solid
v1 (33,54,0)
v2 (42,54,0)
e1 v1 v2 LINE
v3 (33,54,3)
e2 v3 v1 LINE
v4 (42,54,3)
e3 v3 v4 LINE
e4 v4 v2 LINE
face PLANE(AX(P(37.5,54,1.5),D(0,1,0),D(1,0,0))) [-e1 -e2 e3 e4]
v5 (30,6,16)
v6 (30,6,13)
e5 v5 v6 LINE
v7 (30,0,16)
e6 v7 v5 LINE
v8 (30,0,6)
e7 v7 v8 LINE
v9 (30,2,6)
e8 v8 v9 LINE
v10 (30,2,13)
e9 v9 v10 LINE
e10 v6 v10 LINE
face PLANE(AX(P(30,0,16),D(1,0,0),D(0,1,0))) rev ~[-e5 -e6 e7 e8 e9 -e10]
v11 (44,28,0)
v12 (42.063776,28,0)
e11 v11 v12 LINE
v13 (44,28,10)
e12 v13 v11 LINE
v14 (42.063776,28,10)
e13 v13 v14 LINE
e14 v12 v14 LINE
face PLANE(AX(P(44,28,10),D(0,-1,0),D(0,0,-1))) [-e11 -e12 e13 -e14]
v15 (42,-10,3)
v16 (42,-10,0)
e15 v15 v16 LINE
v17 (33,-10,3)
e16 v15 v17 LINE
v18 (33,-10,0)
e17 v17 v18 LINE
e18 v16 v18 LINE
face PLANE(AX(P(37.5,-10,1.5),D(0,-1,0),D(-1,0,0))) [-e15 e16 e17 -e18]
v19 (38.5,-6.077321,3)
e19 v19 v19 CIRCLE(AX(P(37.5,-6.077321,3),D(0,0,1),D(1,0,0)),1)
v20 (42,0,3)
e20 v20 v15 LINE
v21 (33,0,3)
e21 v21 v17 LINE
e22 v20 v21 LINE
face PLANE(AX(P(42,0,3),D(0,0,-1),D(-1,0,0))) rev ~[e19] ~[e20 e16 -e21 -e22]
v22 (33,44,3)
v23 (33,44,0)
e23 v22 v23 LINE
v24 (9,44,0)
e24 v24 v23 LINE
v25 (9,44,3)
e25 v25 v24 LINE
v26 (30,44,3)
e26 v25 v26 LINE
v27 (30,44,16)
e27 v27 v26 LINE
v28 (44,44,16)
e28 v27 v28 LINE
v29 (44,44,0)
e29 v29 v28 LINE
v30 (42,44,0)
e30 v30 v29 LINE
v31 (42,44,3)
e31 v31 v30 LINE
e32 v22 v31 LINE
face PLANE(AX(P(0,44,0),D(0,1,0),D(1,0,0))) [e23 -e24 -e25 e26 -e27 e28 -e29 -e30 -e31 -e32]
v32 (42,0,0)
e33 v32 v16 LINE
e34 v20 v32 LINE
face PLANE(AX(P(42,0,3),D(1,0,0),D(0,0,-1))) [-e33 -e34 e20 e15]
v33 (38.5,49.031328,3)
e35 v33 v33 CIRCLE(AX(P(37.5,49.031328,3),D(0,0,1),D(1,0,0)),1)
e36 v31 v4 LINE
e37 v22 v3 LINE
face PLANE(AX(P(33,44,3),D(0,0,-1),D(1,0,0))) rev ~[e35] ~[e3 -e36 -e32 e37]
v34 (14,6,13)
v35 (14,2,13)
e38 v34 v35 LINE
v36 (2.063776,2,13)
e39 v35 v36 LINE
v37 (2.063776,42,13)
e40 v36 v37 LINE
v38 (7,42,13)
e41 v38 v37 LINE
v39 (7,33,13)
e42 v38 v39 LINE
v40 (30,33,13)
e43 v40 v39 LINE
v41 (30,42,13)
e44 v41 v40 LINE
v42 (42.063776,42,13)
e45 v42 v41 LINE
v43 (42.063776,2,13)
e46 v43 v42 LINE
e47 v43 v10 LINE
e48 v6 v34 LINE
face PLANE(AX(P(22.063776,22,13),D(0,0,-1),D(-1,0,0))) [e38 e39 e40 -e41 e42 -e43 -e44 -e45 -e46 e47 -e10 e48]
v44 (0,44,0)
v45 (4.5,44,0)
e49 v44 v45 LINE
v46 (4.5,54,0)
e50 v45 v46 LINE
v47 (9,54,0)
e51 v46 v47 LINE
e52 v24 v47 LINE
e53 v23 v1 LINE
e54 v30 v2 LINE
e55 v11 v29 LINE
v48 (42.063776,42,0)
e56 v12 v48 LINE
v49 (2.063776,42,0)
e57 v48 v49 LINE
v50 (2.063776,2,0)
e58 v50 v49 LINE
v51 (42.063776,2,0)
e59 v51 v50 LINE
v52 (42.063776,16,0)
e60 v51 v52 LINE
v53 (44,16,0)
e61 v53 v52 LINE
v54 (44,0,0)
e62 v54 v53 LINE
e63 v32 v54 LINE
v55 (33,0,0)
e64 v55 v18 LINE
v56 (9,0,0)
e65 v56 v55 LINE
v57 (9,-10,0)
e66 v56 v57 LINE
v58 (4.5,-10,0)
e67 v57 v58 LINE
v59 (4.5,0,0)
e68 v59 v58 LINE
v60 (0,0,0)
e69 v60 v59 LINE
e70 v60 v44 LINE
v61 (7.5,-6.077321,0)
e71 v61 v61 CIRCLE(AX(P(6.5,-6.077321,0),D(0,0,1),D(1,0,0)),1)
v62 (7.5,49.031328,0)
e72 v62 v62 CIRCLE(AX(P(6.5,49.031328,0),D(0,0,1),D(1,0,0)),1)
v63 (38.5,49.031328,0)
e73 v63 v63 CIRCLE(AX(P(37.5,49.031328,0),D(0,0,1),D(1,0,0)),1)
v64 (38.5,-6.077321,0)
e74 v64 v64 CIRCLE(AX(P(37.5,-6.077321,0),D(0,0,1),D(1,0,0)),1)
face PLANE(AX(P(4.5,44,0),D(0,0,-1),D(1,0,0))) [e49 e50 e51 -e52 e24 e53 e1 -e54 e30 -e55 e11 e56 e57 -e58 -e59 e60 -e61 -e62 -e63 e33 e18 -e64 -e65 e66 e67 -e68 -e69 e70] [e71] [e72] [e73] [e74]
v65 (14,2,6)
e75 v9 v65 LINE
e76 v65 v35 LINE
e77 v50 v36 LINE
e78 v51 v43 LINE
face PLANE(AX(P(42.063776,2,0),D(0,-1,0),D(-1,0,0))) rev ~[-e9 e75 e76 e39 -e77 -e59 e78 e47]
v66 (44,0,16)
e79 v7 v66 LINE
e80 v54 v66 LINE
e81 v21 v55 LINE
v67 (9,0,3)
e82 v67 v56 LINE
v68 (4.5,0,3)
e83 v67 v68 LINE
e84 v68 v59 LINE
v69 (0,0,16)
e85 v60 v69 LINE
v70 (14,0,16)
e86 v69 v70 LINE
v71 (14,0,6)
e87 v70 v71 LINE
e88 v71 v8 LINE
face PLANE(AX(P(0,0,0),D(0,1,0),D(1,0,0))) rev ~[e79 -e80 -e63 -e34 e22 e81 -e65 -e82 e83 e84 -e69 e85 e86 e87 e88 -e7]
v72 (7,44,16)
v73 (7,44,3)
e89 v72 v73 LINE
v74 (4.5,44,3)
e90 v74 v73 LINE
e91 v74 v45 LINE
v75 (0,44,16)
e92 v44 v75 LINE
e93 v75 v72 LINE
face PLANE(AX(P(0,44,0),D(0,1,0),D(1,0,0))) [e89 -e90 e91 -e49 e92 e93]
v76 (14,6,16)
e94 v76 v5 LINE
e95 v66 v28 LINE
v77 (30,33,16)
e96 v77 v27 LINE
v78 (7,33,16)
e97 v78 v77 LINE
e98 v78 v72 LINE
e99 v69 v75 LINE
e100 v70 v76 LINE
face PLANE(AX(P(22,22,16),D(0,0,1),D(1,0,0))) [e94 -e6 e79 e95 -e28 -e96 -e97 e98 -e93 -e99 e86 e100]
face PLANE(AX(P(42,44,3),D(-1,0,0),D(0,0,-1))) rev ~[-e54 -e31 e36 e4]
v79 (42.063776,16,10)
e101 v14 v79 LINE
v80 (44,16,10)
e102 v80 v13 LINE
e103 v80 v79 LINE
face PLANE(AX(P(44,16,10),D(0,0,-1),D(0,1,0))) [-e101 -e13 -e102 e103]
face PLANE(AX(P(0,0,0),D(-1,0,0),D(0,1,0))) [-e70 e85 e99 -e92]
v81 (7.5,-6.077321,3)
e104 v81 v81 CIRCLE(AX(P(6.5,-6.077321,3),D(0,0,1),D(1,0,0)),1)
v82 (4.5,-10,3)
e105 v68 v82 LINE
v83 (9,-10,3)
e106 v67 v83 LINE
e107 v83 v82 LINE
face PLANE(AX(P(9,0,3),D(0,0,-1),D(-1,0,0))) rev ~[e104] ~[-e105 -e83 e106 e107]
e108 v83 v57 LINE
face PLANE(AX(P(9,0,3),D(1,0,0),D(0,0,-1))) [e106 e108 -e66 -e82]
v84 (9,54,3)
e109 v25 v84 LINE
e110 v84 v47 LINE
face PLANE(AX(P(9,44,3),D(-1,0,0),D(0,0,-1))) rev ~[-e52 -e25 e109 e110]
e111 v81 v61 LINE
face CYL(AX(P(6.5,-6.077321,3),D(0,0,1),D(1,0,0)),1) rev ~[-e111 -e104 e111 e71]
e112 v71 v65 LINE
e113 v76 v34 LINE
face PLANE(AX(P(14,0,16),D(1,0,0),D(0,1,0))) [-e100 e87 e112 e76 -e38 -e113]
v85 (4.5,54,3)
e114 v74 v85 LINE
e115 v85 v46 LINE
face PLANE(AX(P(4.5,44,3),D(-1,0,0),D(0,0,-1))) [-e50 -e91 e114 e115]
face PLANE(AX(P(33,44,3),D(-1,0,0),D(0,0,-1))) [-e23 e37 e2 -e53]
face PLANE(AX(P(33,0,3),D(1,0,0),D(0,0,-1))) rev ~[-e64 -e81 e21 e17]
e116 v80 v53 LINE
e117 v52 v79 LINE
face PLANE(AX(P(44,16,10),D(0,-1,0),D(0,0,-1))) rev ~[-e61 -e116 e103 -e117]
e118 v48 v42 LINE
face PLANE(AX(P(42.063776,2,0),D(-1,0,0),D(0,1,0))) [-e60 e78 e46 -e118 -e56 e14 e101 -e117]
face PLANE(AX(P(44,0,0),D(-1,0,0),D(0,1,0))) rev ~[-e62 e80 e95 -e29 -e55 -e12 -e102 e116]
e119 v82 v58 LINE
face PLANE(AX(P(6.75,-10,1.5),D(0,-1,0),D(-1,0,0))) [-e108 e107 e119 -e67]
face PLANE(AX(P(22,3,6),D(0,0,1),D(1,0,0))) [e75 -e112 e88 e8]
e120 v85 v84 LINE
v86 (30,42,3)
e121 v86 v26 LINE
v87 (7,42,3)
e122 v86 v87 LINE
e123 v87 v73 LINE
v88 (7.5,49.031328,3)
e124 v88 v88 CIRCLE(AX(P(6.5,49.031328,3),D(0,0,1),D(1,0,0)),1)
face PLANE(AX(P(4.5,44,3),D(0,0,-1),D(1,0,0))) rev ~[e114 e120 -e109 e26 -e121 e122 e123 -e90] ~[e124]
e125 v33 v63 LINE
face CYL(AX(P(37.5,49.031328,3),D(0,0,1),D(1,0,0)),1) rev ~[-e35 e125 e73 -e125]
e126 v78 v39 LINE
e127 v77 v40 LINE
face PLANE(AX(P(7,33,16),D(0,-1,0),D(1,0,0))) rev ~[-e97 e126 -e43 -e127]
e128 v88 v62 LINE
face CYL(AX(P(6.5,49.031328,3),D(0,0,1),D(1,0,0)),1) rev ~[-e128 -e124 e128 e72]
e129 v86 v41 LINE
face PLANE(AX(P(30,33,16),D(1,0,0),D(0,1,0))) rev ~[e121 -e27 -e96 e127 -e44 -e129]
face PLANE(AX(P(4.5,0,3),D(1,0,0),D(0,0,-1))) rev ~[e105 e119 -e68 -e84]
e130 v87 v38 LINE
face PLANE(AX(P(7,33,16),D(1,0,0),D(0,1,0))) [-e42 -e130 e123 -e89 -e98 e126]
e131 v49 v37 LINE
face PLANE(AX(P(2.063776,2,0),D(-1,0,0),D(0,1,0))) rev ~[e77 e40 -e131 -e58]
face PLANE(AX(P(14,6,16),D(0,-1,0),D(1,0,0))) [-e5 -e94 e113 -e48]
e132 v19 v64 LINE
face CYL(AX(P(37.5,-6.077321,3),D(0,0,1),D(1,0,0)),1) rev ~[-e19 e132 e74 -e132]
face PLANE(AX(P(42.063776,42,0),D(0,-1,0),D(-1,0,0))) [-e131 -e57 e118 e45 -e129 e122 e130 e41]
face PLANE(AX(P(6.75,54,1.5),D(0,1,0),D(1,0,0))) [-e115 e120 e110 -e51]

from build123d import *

# Parameters (mm, degrees)
SKETCH1_W           = 44
SKETCH1_H           = 44
BOSS_EXTRUDE1_DEPTH = 16
SKETCH3_W           = 40
SKETCH3_H           = 40
CUT_EXTRUDE1_DEPTH  = 13
SKETCH5_W           = 23
SKETCH5_H           = 11
CUT_EXTRUDE2_DEPTH  = 13
SKETCH6_W           = 16
SKETCH6_H           = 6
CUT_EXTRUDE3_DEPTH  = 10
SKETCH7_W           = 10
SKETCH7_H           = 12
CUT_EXTRUDE4_DEPTH  = 5
SKETCH8_W           = 4.5
SKETCH8_H           = 3
SKETCH8_W_2         = 9
BOSS_EXTRUDE2_DEPTH = 10
SKETCH9_R           = 1
CUT_EXTRUDE5_DEPTH  = 10
SKETCH10_W          = 9
SKETCH10_H          = 3
SKETCH10_W_2        = 4.5
BOSS_EXTRUDE3_DEPTH = 10
SKETCH11_R          = 1
CUT_EXTRUDE6_DEPTH  = 10


with BuildPart() as part:
    # Sketch1 → Boss-Extrude1 (new body)
    with BuildSketch(Plane.XY):
        with Locations((22, 22)):
            Rectangle(SKETCH1_W, SKETCH1_H)
    extrude(amount=BOSS_EXTRUDE1_DEPTH)

    # Sketch3 → Cut-Extrude1 (cut)
    with BuildSketch(Plane(origin=(0, 0, 0), x_dir=(-1, 0, 0), z_dir=(0, 0, -1))):
        with Locations((-22.063776274, 22)):
            Rectangle(SKETCH3_W, SKETCH3_H)
    extrude(amount=-CUT_EXTRUDE1_DEPTH, mode=Mode.SUBTRACT)

    # Sketch5 → Cut-Extrude2 (cut)
    with BuildSketch(Plane.XY.offset(16)):
        with Locations((18.5, 38.5)):
            Rectangle(SKETCH5_W, SKETCH5_H)
    extrude(amount=-CUT_EXTRUDE2_DEPTH, mode=Mode.SUBTRACT)

    # Sketch6 → Cut-Extrude3 (cut)
    with BuildSketch(Plane.XY.offset(16)):
        with Locations((22, 3)):
            Rectangle(SKETCH6_W, SKETCH6_H)
    extrude(amount=-CUT_EXTRUDE3_DEPTH, mode=Mode.SUBTRACT)

    # Sketch7 → Cut-Extrude4 (cut)
    with BuildSketch(Plane(origin=(44, 0, 0), x_dir=(0, 0, -1), z_dir=(1, 0, 0))):
        with Locations((-5, 22)):
            Rectangle(SKETCH7_W, SKETCH7_H)
    extrude(amount=-CUT_EXTRUDE4_DEPTH, mode=Mode.SUBTRACT)

    # Sketch8 → Boss-Extrude2 (add)
    with BuildSketch(Plane(origin=(0, 0, 0), x_dir=(-1, 0, 0), z_dir=(0, -1, 0))):
        with Locations((-6.75, -1.5)):
            Rectangle(SKETCH8_W, SKETCH8_H)
        with Locations((-37.5, -1.5)):
            Rectangle(SKETCH8_W_2, SKETCH8_H)
    extrude(amount=BOSS_EXTRUDE2_DEPTH)

    # Sketch9 → Cut-Extrude5 (cut)
    with BuildSketch(Plane.XY.offset(3)):
        with Locations((6.5, -6.077320914)):
            Circle(SKETCH9_R)
        with Locations((37.5, -6.077320914)):
            Circle(SKETCH9_R)
    extrude(amount=-CUT_EXTRUDE5_DEPTH, mode=Mode.SUBTRACT)

    # Sketch10 → Boss-Extrude3 (add)
    with BuildSketch(Plane(origin=(0, 44, 0), x_dir=(1, 0, 0), z_dir=(0, 1, 0))):
        with Locations((37.5, -1.5)):
            Rectangle(SKETCH10_W, SKETCH10_H)
        with Locations((6.75, -1.5)):
            Rectangle(SKETCH10_W_2, SKETCH10_H)
    extrude(amount=BOSS_EXTRUDE3_DEPTH)

    # Sketch11 → Cut-Extrude6 (cut)
    with BuildSketch(Plane.XY.offset(3)):
        with Locations((37.5, 49.031327524)):
            Circle(SKETCH11_R)
        with Locations((6.5, 49.031327524)):
            Circle(SKETCH11_R)
    extrude(amount=-CUT_EXTRUDE6_DEPTH, mode=Mode.SUBTRACT)


solid = part.part
